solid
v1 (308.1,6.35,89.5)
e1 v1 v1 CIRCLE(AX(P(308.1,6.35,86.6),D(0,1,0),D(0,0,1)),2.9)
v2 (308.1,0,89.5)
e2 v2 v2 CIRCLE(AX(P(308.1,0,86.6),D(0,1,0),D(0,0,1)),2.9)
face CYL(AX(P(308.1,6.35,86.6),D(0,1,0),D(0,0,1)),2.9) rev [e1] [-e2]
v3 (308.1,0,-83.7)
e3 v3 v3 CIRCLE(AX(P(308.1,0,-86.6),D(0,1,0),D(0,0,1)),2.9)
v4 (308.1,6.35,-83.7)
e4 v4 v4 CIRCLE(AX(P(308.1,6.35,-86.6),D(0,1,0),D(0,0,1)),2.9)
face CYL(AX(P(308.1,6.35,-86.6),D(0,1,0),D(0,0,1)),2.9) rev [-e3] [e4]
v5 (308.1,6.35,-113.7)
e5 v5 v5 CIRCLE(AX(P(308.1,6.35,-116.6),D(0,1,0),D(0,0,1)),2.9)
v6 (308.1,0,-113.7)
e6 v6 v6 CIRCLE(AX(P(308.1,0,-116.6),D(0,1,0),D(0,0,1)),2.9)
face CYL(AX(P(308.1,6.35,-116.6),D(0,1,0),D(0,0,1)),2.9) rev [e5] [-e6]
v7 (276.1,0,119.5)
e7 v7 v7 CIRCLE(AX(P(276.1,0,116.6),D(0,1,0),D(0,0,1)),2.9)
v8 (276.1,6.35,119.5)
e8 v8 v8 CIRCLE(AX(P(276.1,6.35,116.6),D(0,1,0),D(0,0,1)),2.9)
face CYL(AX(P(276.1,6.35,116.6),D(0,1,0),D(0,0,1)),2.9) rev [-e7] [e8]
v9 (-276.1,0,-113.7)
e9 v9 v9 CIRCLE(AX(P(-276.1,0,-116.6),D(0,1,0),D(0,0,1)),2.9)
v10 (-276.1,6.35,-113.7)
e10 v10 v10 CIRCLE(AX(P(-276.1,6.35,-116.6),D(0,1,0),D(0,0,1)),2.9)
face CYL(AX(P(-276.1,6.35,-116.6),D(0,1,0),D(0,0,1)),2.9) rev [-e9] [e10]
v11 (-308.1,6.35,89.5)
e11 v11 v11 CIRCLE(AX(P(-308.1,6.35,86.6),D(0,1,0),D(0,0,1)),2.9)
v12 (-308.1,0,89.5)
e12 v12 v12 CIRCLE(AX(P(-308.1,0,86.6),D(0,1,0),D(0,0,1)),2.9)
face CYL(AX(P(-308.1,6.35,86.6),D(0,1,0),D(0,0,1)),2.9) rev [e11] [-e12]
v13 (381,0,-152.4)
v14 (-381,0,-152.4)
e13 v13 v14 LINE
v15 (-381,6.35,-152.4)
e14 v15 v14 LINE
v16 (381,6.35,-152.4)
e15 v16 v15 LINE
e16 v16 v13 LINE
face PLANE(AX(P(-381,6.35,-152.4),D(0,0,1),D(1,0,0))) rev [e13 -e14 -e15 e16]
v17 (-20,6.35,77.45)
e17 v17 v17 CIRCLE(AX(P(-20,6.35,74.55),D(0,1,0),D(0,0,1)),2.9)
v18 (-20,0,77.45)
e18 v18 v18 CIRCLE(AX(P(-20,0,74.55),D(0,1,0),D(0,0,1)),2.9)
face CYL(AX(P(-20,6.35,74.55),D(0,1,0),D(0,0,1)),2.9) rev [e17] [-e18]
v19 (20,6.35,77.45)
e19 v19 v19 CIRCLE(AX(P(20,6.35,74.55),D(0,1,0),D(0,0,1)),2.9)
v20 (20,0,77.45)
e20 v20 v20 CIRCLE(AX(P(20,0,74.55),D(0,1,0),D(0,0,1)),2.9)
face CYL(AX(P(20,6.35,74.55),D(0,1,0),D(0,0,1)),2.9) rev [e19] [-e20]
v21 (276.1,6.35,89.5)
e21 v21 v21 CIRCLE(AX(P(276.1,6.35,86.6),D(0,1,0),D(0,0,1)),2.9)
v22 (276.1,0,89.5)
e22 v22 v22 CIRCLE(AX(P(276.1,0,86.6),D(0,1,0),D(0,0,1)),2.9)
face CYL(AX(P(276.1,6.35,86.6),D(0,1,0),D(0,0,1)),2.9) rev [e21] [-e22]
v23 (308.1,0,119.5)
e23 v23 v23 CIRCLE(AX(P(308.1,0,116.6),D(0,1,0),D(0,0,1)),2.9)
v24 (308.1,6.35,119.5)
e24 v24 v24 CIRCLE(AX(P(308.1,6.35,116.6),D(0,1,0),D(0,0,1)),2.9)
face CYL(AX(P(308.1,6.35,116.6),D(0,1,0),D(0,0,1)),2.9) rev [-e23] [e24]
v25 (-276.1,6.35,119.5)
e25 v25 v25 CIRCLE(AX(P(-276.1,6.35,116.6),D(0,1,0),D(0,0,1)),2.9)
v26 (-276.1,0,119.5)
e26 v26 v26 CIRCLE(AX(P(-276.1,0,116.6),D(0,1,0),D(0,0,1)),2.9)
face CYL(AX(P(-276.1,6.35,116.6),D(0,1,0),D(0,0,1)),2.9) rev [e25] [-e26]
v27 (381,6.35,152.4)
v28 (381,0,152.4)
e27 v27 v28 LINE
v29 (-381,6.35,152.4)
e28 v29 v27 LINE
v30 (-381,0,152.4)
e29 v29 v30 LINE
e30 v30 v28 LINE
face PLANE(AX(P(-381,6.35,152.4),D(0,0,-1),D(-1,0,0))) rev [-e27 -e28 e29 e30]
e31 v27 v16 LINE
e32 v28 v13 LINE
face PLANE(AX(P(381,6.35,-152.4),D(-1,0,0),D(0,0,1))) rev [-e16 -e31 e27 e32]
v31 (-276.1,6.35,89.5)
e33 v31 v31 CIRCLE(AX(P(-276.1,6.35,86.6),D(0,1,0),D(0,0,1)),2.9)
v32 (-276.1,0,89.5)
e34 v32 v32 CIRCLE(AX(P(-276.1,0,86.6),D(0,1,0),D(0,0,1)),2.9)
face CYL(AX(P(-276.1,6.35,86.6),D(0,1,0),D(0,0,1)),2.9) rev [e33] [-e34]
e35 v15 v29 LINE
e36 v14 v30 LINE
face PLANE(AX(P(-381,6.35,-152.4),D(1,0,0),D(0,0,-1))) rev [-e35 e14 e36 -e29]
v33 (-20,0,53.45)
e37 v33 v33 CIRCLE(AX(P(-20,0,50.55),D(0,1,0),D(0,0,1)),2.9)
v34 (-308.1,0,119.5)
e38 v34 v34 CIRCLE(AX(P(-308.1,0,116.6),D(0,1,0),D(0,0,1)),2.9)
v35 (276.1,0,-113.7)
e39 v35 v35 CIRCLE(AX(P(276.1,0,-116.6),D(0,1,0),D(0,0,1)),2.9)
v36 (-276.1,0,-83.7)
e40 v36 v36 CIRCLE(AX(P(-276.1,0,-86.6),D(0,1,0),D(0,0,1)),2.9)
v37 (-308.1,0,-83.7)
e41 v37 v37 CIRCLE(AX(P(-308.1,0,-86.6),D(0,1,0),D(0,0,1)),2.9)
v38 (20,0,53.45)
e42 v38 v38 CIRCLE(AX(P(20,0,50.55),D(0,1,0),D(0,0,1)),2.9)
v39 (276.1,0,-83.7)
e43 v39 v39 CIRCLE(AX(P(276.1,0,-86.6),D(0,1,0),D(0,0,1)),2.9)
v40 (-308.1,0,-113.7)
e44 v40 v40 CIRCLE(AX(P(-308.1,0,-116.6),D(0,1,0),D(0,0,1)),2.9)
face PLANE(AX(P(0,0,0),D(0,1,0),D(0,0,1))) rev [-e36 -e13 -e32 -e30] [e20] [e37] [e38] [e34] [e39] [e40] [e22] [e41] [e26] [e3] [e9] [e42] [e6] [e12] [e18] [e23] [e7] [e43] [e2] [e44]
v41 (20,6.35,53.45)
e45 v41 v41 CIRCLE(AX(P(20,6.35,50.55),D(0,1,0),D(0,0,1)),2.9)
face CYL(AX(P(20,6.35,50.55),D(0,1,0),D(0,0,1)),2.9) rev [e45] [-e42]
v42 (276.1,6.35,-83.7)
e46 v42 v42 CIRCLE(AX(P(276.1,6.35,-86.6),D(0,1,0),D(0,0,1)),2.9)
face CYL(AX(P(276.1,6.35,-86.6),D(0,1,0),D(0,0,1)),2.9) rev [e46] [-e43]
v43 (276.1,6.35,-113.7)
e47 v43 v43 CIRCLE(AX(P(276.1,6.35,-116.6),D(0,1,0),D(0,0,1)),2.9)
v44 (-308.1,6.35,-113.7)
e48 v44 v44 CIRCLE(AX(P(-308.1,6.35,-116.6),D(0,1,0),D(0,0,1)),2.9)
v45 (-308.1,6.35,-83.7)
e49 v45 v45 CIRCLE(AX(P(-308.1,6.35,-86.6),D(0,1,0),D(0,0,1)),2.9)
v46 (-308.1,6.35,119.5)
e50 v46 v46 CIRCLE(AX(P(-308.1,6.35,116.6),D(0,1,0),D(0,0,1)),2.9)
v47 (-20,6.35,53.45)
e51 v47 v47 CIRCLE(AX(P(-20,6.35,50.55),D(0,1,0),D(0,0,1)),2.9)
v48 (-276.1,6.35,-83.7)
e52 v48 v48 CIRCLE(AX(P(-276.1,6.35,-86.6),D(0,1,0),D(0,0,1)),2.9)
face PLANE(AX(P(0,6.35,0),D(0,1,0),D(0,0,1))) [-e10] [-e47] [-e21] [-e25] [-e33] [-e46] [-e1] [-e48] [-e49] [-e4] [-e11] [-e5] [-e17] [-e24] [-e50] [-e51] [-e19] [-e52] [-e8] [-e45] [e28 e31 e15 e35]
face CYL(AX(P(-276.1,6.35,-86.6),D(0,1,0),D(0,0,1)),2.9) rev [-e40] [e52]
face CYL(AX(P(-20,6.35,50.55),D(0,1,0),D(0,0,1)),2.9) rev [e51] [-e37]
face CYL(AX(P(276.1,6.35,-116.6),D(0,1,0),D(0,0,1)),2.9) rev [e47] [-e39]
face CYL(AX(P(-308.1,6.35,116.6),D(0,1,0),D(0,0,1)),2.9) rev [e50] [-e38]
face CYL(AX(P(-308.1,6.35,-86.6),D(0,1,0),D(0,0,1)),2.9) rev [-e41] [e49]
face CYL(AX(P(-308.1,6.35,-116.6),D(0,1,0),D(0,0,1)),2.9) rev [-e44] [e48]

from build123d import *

# Parameters (mm, degrees)
SKETCH1_W                = 762
SKETCH1_H                = 304.8
BOSS_EXTRUDE1_DEPTH      = 6.35
M5_CLEARANCE_HOLE1_D     = 5.8
M5_CLEARANCE_HOLE1_DEPTH = 6.35


with BuildPart() as part:
    # Sketch1 → Boss-Extrude1 (new body)
    with BuildSketch(Plane(origin=(0, 0, 0), x_dir=(1, 0, 0), z_dir=(0, 1, 0))):
        Rectangle(SKETCH1_W, SKETCH1_H)
    extrude(amount=BOSS_EXTRUDE1_DEPTH)

    # M5 Clearance Hole1
    with Locations(Plane(origin=(0, 6.35, 0), x_dir=(1, 0, 0), z_dir=(0, 1, 0))):
        with Locations((276.100000001, 116.6), (276.100000001, 86.6), (308.100000001, 116.6), (308.100000001, 86.6), (276.100000001, -86.6), (276.100000001, -116.6), (308.100000001, -86.6), (308.100000001, -116.6), (-308.100000001, 116.6), (-308.100000001, 86.6), (-276.100000001, 116.6), (-276.100000001, 86.6), (-276.100000001, -86.6), (-276.100000001, -116.6), (-308.100000001, -116.6), (-308.100000001, -86.6), (20.000000025, -50.55), (20.000000025, -74.55), (-19.999999975, -74.55), (-19.999999975, -50.55)):
            Hole(M5_CLEARANCE_HOLE1_D / 2, depth=M5_CLEARANCE_HOLE1_DEPTH)


solid = part.part
